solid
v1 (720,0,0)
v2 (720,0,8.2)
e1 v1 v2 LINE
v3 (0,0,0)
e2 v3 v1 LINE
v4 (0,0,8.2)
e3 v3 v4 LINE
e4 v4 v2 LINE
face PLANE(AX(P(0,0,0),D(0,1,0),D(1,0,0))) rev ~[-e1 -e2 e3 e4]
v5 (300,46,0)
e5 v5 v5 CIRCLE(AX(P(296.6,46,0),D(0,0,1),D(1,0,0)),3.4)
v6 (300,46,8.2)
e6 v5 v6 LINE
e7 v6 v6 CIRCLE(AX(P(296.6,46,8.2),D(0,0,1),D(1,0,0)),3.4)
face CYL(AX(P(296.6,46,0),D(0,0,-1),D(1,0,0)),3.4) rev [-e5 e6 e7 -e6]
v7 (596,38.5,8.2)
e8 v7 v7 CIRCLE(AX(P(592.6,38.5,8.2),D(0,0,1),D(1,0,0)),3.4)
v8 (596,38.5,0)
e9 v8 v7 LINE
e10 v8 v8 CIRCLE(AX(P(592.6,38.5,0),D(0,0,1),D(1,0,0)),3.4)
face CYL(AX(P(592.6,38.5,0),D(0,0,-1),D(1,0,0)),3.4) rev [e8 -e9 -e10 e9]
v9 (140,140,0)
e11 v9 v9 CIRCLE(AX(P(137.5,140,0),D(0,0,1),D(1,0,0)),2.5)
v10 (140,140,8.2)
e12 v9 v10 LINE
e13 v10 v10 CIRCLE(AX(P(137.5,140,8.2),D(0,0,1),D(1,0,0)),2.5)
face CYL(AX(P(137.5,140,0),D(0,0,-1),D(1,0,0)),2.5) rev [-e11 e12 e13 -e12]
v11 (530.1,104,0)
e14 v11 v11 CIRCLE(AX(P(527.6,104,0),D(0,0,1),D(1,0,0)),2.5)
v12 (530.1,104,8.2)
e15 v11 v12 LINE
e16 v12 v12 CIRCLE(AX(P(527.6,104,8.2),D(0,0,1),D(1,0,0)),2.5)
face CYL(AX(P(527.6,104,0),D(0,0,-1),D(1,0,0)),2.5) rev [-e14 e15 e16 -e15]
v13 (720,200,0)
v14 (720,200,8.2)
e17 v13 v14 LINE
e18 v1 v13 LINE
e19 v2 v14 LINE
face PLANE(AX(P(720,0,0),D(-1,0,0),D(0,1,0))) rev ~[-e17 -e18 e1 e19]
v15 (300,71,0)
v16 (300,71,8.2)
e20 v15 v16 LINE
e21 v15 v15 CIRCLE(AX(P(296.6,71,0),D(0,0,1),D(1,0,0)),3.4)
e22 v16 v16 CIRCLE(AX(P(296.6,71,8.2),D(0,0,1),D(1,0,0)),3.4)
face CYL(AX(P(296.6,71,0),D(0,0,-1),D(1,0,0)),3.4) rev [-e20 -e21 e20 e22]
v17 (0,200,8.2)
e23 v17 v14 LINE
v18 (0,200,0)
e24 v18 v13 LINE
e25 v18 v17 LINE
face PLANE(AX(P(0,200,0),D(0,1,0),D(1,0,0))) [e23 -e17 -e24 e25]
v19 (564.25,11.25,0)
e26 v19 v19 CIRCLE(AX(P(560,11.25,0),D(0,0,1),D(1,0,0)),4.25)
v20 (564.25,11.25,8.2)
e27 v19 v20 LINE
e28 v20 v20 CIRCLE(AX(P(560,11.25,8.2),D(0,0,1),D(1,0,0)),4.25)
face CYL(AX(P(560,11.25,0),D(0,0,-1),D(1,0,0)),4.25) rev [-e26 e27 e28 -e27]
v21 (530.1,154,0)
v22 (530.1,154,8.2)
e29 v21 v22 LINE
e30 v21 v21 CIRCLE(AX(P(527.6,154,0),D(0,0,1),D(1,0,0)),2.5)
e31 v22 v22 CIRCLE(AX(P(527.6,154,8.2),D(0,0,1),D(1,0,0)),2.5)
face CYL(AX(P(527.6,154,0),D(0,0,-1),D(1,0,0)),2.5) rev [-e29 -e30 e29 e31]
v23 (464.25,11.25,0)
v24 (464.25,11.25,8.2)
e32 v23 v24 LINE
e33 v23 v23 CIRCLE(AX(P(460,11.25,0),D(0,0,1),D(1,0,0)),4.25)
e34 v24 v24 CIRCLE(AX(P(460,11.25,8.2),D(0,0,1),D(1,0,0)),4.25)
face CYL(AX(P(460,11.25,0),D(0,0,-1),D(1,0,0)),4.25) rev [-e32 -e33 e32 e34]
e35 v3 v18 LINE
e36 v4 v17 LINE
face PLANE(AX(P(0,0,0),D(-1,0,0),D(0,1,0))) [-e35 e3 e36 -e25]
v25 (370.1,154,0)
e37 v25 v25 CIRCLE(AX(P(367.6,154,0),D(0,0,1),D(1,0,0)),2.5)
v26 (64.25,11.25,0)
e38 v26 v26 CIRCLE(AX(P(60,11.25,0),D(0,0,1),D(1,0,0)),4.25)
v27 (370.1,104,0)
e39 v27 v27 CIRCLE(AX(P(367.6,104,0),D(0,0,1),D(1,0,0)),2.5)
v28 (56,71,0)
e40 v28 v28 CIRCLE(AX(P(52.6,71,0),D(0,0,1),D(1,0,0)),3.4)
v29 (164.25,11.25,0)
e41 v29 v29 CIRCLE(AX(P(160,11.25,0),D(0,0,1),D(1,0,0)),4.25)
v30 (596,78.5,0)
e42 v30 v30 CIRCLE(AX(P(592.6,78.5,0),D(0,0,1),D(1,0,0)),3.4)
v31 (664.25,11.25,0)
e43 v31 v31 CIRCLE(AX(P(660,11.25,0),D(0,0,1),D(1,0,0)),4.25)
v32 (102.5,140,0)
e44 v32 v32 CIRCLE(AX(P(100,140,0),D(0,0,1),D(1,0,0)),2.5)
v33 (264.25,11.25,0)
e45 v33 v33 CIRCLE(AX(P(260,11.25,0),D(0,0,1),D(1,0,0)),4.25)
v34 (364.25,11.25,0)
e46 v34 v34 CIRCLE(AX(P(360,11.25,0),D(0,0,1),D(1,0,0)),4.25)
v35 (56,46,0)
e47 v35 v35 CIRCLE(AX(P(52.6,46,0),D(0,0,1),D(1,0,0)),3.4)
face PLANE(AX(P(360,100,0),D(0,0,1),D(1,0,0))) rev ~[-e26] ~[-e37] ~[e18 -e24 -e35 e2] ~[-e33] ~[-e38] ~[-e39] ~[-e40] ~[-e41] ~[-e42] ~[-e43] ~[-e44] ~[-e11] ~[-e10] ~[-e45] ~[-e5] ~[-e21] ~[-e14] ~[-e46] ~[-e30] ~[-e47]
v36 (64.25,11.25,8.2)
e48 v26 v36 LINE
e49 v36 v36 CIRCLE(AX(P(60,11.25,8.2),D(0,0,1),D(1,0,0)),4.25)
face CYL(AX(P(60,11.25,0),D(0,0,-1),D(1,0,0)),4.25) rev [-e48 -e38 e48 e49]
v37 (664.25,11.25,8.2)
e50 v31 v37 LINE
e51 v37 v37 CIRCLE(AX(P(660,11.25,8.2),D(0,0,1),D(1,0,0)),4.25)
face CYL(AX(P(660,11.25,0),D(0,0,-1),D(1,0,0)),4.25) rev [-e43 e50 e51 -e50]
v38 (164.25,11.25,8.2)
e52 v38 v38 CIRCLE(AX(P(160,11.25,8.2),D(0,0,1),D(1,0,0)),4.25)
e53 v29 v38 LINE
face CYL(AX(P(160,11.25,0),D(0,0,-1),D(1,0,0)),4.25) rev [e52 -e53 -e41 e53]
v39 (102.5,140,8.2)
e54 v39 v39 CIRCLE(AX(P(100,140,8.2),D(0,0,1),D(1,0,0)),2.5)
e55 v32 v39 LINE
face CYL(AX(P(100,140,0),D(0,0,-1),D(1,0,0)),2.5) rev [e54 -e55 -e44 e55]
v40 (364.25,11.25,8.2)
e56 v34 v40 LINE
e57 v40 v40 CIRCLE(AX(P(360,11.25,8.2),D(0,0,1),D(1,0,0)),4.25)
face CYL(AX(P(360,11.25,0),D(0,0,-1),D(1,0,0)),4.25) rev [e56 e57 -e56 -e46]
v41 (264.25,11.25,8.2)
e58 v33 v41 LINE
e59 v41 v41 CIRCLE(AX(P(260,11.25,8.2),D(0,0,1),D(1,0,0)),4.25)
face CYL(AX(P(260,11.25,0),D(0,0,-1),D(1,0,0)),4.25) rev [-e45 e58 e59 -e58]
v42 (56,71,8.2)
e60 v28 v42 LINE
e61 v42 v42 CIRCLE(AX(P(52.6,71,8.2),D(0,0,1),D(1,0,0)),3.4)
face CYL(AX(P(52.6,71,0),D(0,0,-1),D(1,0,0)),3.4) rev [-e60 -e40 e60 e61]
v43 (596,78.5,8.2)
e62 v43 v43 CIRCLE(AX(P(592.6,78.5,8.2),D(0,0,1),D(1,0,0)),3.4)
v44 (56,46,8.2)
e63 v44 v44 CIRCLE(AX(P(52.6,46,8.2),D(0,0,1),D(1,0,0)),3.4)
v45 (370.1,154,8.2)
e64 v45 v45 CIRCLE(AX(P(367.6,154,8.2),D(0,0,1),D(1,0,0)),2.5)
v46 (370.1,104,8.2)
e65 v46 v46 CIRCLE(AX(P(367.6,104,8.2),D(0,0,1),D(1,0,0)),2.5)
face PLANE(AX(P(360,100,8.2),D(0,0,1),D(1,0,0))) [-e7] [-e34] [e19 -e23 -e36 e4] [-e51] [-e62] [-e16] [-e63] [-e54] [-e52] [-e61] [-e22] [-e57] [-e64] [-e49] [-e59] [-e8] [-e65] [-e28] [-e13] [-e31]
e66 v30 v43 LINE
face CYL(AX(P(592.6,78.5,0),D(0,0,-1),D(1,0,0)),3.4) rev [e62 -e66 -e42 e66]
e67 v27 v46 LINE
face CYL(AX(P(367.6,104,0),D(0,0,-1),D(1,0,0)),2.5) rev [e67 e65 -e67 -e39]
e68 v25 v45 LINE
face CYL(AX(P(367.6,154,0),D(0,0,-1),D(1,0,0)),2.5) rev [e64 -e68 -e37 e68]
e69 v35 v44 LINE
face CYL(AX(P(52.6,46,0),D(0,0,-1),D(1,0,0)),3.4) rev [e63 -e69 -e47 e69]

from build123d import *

# Parameters (mm, degrees)
F0_W     = 720
F0_H     = 200
F0_R     = 4.25
F0_R_2   = 3.4
F0_R_3   = 2.5
F1_DEPTH = 8.2


with BuildPart() as f1:
    # F0 (on Top) → F1 (new body)
    with BuildSketch(Plane.XY):
        with Locations((360, 100)):
            Rectangle(F0_W, F0_H)
        with Locations((60, 11.25)):
            Circle(F0_R, mode=Mode.SUBTRACT)
        with Locations((160, 11.25)):
            Circle(F0_R, mode=Mode.SUBTRACT)
        with Locations((52.6, 46)):
            Circle(F0_R_2, mode=Mode.SUBTRACT)
        with Locations((260, 11.25)):
            Circle(F0_R, mode=Mode.SUBTRACT)
        with Locations((296.6, 46)):
            Circle(F0_R_2, mode=Mode.SUBTRACT)
        with Locations((52.6, 71)):
            Circle(F0_R_2, mode=Mode.SUBTRACT)
        with Locations((296.6, 71)):
            Circle(F0_R_2, mode=Mode.SUBTRACT)
        with Locations((360, 11.25)):
            Circle(F0_R, mode=Mode.SUBTRACT)
        with Locations((460, 11.25)):
            Circle(F0_R, mode=Mode.SUBTRACT)
        with Locations((560, 11.25)):
            Circle(F0_R, mode=Mode.SUBTRACT)
        with Locations((660, 11.25)):
            Circle(F0_R, mode=Mode.SUBTRACT)
        with Locations((592.6, 38.5)):
            Circle(F0_R_2, mode=Mode.SUBTRACT)
        with Locations((592.6, 78.5)):
            Circle(F0_R_2, mode=Mode.SUBTRACT)
        with Locations((100, 140)):
            Circle(F0_R_3, mode=Mode.SUBTRACT)
        with Locations((137.5, 140)):
            Circle(F0_R_3, mode=Mode.SUBTRACT)
        with Locations((367.6, 104)):
            Circle(F0_R_3, mode=Mode.SUBTRACT)
        with Locations((527.6, 104)):
            Circle(F0_R_3, mode=Mode.SUBTRACT)
        with Locations((367.6, 154)):
            Circle(F0_R_3, mode=Mode.SUBTRACT)
        with Locations((527.6, 154)):
            Circle(F0_R_3, mode=Mode.SUBTRACT)
    extrude(amount=F1_DEPTH)


solid = f1.part
